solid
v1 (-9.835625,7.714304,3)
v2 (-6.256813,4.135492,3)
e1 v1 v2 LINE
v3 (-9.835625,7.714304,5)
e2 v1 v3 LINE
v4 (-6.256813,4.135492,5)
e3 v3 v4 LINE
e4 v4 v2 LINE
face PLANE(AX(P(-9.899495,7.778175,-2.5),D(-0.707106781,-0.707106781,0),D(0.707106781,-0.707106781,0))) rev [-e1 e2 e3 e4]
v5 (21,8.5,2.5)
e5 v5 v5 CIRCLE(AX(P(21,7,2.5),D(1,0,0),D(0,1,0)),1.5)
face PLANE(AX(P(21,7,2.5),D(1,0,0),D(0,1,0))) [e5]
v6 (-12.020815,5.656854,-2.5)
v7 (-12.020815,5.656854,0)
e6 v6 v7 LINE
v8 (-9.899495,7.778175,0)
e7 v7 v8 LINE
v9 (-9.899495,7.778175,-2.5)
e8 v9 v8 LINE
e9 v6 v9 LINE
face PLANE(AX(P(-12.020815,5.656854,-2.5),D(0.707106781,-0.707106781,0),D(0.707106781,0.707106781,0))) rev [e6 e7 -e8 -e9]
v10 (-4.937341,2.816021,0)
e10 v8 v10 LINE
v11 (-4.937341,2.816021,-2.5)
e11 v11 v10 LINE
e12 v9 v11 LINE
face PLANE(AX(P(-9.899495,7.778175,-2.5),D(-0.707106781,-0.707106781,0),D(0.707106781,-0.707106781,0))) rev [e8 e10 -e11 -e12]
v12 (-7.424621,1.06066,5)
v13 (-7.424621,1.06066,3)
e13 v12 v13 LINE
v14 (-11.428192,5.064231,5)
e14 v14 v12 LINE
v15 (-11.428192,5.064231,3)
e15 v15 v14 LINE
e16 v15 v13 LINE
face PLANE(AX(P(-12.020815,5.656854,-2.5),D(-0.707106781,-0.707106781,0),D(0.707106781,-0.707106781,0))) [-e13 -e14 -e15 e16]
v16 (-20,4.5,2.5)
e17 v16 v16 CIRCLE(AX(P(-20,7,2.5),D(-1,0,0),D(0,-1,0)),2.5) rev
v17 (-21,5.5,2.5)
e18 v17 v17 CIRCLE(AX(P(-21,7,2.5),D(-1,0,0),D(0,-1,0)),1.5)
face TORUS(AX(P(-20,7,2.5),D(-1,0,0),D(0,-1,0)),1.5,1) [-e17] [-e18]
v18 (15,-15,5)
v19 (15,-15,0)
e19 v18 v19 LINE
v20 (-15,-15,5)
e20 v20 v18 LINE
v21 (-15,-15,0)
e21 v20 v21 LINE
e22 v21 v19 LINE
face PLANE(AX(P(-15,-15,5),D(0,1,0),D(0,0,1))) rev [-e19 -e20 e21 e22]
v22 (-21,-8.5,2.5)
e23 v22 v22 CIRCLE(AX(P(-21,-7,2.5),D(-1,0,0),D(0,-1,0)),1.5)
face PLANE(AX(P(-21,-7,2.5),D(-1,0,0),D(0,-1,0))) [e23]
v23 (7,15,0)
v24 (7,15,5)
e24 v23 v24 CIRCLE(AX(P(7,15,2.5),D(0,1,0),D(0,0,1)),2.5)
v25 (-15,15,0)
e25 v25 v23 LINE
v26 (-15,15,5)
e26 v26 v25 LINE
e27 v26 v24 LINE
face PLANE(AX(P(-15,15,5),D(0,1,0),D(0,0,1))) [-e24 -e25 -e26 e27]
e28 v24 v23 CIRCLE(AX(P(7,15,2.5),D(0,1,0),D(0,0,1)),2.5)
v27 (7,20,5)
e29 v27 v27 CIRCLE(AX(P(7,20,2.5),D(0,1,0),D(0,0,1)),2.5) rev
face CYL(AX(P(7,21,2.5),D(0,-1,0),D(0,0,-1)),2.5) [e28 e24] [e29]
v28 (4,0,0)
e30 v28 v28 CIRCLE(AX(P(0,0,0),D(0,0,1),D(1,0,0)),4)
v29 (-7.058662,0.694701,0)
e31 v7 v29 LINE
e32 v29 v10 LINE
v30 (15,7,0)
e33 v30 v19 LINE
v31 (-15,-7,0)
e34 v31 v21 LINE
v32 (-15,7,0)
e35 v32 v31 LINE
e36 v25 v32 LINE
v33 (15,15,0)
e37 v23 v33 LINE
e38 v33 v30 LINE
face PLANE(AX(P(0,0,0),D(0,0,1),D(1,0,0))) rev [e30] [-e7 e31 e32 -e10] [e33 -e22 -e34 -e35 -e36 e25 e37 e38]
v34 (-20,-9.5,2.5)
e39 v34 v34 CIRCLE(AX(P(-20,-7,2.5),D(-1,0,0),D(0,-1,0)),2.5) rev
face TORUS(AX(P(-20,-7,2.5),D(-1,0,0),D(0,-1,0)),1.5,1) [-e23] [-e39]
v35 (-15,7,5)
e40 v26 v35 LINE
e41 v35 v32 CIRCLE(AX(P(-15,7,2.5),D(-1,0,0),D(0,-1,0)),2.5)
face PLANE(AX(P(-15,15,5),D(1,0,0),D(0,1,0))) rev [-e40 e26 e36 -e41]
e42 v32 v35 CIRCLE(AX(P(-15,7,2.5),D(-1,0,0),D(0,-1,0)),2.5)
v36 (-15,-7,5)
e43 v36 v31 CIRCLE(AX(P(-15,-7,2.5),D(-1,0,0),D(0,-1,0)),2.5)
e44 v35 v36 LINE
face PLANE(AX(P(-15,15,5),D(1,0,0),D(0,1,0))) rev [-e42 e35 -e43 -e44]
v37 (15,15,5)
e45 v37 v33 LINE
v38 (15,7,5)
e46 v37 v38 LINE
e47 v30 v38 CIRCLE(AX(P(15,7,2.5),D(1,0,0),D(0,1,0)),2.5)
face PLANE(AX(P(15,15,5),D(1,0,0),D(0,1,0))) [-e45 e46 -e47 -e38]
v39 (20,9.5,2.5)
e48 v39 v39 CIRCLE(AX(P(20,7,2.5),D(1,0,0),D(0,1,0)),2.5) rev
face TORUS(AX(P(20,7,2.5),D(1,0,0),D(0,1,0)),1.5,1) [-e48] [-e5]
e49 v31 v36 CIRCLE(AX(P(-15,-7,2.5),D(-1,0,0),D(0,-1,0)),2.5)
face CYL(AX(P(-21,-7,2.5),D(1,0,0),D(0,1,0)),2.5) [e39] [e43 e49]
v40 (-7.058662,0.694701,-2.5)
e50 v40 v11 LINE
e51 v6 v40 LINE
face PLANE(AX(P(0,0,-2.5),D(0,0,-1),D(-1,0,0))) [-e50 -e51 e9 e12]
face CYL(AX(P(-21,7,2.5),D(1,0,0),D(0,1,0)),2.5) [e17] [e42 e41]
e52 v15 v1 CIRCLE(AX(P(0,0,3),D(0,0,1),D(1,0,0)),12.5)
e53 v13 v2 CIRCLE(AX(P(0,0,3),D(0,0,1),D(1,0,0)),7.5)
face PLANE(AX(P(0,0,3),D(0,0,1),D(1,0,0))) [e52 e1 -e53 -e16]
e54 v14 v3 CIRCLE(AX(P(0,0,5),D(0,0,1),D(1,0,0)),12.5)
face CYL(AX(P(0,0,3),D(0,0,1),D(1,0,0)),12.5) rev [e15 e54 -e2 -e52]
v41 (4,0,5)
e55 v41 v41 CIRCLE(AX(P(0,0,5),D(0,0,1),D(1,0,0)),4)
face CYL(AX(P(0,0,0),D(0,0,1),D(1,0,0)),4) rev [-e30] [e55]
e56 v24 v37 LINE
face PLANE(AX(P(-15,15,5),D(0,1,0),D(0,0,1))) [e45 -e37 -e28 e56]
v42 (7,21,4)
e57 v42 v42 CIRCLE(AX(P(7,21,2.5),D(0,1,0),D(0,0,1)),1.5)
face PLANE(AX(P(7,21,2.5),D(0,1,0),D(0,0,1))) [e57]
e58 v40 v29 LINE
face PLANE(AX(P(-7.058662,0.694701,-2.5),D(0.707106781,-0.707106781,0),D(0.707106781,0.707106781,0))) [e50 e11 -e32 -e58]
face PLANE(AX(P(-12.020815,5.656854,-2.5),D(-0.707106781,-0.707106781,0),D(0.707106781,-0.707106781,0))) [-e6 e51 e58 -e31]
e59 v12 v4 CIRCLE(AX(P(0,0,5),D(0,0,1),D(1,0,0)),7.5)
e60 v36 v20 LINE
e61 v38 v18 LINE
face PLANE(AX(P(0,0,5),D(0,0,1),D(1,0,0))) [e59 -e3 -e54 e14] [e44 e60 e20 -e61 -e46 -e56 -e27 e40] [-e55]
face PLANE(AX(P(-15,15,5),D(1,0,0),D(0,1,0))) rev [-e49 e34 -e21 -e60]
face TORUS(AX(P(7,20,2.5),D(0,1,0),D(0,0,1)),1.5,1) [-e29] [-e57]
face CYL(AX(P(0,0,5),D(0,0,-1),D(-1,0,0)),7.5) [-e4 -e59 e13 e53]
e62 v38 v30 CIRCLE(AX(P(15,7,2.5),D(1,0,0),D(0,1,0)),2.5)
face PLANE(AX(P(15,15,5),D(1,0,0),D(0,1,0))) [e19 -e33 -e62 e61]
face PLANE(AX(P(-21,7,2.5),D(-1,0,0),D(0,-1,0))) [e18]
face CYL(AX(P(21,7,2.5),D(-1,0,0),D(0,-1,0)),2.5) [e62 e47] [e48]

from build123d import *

# Parameters (mm, degrees)
ESQUISSE2_W              = 30
ESQUISSE2_H              = 30
BOSS_EXTRU_1_DEPTH       = 5
ESQUISSE16_R             = 2.5
BOSS_EXTRU_7_DEPTH       = 6
CONG_3_R                 = 1
ESQUISSE18_R             = 2.5
BOSS_EXTRU_9_DEPTH       = 6
CONG_5_R                 = 1
ESQUISSE8_R              = 12.5
ENL_V_MAT_EXTRU_1_DEPTH  = 2
ESQUISSE19_R             = 7.5
BOSS_EXTRU_10_DEPTH      = 2
ESQUISSE33_R             = 4
ENL_V_MAT_EXTRU_3_DEPTH  = 6
ESQUISSE35_R             = 2.5
BOSS_EXTRU_26_DEPTH      = 6
CONG_6_R                 = 1
BOSS_EXTRU_27_DEPTH      = 2
BOSS_EXTRU_27_DEPTH_BACK = 5.5


with BuildPart() as part:
    # Esquisse2 → Boss.-Extru.1 (new body)
    with BuildSketch(Plane.XY):
        Rectangle(ESQUISSE2_W, ESQUISSE2_H)
    extrude(amount=BOSS_EXTRU_1_DEPTH)

    # Esquisse16 → Boss.-Extru.7 (add)
    with BuildSketch(Plane.ZY.offset(15)):
        with Locations((2.5, 7)):
            Circle(ESQUISSE16_R)
        with Locations((2.5, -7)):
            Circle(ESQUISSE16_R)
    extrude(amount=BOSS_EXTRU_7_DEPTH)

    # Congé3
    cong_3_edges = [part.edges().sort_by_distance(p)[0] for p in [
        (-21, 7, 0),
        (-21, -7, 0),
    ]]
    fillet(cong_3_edges, radius=CONG_3_R)

    # Esquisse18 → Boss.-Extru.9 (add)
    with BuildSketch(Plane(origin=(15, 0, 0), x_dir=(0, 0, -1), z_dir=(1, 0, 0))):
        with Locations((-2.5, 7)):
            Circle(ESQUISSE18_R)
    extrude(amount=BOSS_EXTRU_9_DEPTH)

    # Congé5
    cong_5_edges = [part.edges().sort_by_distance(p)[0] for p in [
        (21, 7, 5),
    ]]
    fillet(cong_5_edges, radius=CONG_5_R)

    # Esquisse8 → Enlèv. mat.-Extru.1 (cut)
    with BuildSketch(Plane.XY.offset(5)):
        Circle(ESQUISSE8_R)
    extrude(amount=-ENL_V_MAT_EXTRU_1_DEPTH, mode=Mode.SUBTRACT)

    # Esquisse19 → Boss.-Extru.10 (add)
    with BuildSketch(Plane.XY.offset(3)):
        Circle(ESQUISSE19_R)
    extrude(amount=BOSS_EXTRU_10_DEPTH)

    # Esquisse33 → Enlèv. mat.-Extru.3 (cut, through all)
    with BuildSketch(Plane.XY.offset(5)):
        Circle(ESQUISSE33_R)
    extrude(amount=-ENL_V_MAT_EXTRU_3_DEPTH, mode=Mode.SUBTRACT)

    # Esquisse35 → Boss.-Extru.26 (add)
    with BuildSketch(Plane(origin=(0, 15, 0), x_dir=(1, 0, 0), z_dir=(0, 1, 0))):
        with Locations((7, -2.5)):
            Circle(ESQUISSE35_R)
    extrude(amount=BOSS_EXTRU_26_DEPTH)

    # Congé6
    cong_6_edges = [part.edges().sort_by_distance(p)[0] for p in [
        (4.5, 21, 2.5),
    ]]
    fillet(cong_6_edges, radius=CONG_6_R)

    # Esquisse31 → Boss.-Extru.27 (add, two sides)
    with BuildSketch(Plane.XY.offset(3)) as boss_extru_27_sk:
        Polygon((-12.02081528, 5.656854249), (-9.899494937, 7.778174593), (-4.937341349, 2.816021005), (-7.058661692, 0.694700662), align=None)
    extrude(amount=BOSS_EXTRU_27_DEPTH)
    extrude(boss_extru_27_sk.sketch, amount=-BOSS_EXTRU_27_DEPTH_BACK)


solid = part.part
